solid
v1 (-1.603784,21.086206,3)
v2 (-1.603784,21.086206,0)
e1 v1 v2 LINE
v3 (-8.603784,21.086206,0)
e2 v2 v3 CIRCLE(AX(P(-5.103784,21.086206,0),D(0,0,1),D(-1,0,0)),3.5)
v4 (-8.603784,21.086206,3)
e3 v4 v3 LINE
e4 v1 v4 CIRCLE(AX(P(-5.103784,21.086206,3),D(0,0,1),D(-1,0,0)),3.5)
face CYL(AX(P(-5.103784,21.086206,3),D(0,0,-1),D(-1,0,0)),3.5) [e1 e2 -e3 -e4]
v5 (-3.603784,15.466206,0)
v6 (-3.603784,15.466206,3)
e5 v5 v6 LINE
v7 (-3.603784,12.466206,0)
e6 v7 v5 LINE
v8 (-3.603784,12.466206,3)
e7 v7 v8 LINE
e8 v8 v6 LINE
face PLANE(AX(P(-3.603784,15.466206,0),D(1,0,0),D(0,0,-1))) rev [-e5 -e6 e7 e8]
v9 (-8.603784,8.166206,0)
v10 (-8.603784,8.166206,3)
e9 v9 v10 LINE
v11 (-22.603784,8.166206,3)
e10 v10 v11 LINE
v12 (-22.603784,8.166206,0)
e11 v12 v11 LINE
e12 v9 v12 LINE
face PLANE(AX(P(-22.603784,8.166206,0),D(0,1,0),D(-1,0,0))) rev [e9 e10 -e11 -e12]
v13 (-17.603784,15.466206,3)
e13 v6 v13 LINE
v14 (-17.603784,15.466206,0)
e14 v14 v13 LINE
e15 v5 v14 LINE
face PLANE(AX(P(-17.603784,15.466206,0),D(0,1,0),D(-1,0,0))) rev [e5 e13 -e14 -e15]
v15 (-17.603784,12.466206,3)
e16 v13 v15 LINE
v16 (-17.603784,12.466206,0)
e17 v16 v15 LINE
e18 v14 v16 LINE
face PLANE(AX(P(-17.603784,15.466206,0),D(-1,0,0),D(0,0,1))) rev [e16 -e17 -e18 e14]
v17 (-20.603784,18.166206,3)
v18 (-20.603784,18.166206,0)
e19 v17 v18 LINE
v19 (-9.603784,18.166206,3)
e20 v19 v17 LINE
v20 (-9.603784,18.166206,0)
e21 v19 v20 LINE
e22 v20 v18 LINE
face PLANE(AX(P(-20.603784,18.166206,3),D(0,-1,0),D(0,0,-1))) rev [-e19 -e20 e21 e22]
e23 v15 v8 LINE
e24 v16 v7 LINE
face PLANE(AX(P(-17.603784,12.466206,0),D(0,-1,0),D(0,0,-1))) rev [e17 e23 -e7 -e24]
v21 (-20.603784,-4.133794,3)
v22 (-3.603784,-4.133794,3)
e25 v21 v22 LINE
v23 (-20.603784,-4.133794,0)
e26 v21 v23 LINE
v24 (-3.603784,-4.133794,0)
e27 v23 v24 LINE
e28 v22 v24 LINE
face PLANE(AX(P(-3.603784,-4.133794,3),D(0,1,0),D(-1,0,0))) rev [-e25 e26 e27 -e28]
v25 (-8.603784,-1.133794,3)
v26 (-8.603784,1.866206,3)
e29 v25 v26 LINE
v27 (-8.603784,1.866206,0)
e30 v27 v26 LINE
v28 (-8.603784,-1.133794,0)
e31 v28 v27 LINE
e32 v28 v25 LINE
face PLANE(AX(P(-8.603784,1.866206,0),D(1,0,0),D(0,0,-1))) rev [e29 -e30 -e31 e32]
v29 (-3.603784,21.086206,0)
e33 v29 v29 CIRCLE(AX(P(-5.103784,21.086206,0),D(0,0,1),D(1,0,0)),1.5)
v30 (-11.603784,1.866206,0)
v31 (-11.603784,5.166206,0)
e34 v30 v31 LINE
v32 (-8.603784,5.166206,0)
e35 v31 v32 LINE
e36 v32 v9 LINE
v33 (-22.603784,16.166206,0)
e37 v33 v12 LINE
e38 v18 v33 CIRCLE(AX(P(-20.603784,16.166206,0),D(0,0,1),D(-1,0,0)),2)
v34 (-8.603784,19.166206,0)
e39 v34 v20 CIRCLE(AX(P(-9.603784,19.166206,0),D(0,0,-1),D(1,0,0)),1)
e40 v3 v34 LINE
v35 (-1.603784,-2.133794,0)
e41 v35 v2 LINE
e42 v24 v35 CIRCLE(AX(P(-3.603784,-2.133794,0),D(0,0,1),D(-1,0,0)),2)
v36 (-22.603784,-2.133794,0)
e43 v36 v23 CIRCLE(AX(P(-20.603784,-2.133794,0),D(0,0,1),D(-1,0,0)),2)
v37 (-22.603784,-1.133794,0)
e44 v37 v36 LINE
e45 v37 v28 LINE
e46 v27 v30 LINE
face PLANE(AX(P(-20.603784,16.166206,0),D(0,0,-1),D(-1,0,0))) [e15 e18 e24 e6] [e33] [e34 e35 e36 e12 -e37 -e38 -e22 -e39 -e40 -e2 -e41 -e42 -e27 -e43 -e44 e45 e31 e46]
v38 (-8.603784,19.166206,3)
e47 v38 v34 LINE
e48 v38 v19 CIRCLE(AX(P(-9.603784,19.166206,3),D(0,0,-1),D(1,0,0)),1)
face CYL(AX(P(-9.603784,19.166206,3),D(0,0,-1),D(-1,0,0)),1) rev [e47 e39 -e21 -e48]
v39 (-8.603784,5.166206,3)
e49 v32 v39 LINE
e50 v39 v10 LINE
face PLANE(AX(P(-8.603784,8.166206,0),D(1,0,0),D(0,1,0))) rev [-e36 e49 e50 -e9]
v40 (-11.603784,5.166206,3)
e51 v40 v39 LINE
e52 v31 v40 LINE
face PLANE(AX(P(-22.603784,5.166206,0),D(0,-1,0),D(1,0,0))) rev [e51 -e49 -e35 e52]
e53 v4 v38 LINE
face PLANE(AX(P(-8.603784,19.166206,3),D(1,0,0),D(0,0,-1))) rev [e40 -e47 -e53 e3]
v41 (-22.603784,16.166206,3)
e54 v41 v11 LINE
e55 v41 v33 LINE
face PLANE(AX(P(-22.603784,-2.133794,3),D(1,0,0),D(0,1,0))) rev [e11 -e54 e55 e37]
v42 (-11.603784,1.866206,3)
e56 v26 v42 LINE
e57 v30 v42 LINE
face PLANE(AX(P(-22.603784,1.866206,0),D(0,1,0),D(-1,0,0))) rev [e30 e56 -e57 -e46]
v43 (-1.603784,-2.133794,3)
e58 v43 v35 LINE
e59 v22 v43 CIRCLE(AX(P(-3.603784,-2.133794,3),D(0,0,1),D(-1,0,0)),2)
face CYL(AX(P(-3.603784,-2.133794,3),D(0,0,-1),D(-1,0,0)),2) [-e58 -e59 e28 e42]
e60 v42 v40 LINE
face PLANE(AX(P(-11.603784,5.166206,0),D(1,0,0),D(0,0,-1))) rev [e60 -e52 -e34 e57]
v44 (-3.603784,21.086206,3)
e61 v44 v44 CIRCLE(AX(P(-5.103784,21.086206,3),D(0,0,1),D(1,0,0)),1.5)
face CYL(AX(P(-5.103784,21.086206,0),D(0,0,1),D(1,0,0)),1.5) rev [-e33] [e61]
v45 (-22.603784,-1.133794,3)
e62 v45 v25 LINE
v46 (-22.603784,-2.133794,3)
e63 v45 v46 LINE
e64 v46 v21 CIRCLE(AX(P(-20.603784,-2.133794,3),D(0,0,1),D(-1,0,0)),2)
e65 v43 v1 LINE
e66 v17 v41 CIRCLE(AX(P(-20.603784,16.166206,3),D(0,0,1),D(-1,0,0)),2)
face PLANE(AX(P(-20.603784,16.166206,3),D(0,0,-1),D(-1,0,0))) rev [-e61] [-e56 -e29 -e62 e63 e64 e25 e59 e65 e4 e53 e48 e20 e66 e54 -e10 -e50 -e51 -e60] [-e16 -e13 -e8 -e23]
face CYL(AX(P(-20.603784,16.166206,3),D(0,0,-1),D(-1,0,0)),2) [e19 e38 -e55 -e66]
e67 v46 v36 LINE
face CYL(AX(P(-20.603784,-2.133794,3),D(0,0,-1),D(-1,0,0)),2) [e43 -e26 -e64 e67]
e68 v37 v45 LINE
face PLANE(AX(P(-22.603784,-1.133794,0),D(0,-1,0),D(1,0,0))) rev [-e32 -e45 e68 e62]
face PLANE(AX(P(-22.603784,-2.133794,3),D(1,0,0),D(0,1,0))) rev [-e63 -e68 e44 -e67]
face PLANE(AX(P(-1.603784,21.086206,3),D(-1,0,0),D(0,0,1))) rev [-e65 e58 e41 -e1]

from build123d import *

# Parameters (mm, degrees)
BOSS_EXTRUDE1_DEPTH = 3
SKETCH4_W           = 14
SKETCH4_H           = 3
CUT_EXTRUDE1_DEPTH  = 3
SKETCH5_R           = 1.5
CUT_EXTRUDE2_DEPTH  = 3
SKETCH6_W           = 11
SKETCH6_H           = 3.3
CUT_EXTRUDE3_DEPTH  = 3


with BuildPart() as part:
    # Sketch2 → Boss-Extrude1 (new body)
    with BuildSketch(Plane.XY):
        with BuildLine():
            Line((-1.603783622, 21.086206065), (-1.603783622, -2.133793935))
            ThreePointArc((-1.603783622, -2.133793935), (-2.189570059, -3.548007497), (-3.603783622, -4.133793935))
            Line((-3.603783622, -4.133793935), (-20.603783622, -4.133793935))
            ThreePointArc((-20.603783622, -4.133793935), (-22.017997184, -3.548007497), (-22.603783622, -2.133793935))
            Line((-22.603783622, -2.133793935), (-22.603783622, 16.166206065))
            ThreePointArc((-22.603783622, 16.166206065), (-22.017997184, 17.580419628), (-20.603783622, 18.166206065))
            Line((-20.603783622, 18.166206065), (-9.603783622, 18.166206065))
            ThreePointArc((-9.603783622, 18.166206065), (-8.896676841, 18.459099284), (-8.603783622, 19.166206065))
            Line((-8.603783622, 19.166206065), (-8.603783622, 21.086206065))
            ThreePointArc((-8.603783622, 21.086206065), (-5.103783622, 24.586206065), (-1.603783622, 21.086206065))
        make_face()
    extrude(amount=BOSS_EXTRUDE1_DEPTH)

    # Sketch4 → Cut-Extrude1 (cut)
    with BuildSketch(Plane.XY.offset(3)):
        with Locations((-10.603783622, 13.966206065)):
            Rectangle(SKETCH4_W, SKETCH4_H)
        with Locations((-15.603783622, 6.666206065)):
            Rectangle(SKETCH4_W, SKETCH4_H)
        with Locations((-15.603783622, 0.366206065)):
            Rectangle(SKETCH4_W, SKETCH4_H)
    extrude(amount=-CUT_EXTRUDE1_DEPTH, mode=Mode.SUBTRACT)

    # Sketch5 → Cut-Extrude2 (cut)
    with BuildSketch(Plane.XY.offset(3)):
        with Locations((-5.103783622, 21.086206065)):
            Circle(SKETCH5_R)
    extrude(amount=-CUT_EXTRUDE2_DEPTH, mode=Mode.SUBTRACT)

    # Sketch6 → Cut-Extrude3 (cut)
    with BuildSketch(Plane.XY.offset(3)):
        with Locations((-17.103783622, 3.516206065)):
            Rectangle(SKETCH6_W, SKETCH6_H)
    extrude(amount=-CUT_EXTRUDE3_DEPTH, mode=Mode.SUBTRACT)


solid = part.part
